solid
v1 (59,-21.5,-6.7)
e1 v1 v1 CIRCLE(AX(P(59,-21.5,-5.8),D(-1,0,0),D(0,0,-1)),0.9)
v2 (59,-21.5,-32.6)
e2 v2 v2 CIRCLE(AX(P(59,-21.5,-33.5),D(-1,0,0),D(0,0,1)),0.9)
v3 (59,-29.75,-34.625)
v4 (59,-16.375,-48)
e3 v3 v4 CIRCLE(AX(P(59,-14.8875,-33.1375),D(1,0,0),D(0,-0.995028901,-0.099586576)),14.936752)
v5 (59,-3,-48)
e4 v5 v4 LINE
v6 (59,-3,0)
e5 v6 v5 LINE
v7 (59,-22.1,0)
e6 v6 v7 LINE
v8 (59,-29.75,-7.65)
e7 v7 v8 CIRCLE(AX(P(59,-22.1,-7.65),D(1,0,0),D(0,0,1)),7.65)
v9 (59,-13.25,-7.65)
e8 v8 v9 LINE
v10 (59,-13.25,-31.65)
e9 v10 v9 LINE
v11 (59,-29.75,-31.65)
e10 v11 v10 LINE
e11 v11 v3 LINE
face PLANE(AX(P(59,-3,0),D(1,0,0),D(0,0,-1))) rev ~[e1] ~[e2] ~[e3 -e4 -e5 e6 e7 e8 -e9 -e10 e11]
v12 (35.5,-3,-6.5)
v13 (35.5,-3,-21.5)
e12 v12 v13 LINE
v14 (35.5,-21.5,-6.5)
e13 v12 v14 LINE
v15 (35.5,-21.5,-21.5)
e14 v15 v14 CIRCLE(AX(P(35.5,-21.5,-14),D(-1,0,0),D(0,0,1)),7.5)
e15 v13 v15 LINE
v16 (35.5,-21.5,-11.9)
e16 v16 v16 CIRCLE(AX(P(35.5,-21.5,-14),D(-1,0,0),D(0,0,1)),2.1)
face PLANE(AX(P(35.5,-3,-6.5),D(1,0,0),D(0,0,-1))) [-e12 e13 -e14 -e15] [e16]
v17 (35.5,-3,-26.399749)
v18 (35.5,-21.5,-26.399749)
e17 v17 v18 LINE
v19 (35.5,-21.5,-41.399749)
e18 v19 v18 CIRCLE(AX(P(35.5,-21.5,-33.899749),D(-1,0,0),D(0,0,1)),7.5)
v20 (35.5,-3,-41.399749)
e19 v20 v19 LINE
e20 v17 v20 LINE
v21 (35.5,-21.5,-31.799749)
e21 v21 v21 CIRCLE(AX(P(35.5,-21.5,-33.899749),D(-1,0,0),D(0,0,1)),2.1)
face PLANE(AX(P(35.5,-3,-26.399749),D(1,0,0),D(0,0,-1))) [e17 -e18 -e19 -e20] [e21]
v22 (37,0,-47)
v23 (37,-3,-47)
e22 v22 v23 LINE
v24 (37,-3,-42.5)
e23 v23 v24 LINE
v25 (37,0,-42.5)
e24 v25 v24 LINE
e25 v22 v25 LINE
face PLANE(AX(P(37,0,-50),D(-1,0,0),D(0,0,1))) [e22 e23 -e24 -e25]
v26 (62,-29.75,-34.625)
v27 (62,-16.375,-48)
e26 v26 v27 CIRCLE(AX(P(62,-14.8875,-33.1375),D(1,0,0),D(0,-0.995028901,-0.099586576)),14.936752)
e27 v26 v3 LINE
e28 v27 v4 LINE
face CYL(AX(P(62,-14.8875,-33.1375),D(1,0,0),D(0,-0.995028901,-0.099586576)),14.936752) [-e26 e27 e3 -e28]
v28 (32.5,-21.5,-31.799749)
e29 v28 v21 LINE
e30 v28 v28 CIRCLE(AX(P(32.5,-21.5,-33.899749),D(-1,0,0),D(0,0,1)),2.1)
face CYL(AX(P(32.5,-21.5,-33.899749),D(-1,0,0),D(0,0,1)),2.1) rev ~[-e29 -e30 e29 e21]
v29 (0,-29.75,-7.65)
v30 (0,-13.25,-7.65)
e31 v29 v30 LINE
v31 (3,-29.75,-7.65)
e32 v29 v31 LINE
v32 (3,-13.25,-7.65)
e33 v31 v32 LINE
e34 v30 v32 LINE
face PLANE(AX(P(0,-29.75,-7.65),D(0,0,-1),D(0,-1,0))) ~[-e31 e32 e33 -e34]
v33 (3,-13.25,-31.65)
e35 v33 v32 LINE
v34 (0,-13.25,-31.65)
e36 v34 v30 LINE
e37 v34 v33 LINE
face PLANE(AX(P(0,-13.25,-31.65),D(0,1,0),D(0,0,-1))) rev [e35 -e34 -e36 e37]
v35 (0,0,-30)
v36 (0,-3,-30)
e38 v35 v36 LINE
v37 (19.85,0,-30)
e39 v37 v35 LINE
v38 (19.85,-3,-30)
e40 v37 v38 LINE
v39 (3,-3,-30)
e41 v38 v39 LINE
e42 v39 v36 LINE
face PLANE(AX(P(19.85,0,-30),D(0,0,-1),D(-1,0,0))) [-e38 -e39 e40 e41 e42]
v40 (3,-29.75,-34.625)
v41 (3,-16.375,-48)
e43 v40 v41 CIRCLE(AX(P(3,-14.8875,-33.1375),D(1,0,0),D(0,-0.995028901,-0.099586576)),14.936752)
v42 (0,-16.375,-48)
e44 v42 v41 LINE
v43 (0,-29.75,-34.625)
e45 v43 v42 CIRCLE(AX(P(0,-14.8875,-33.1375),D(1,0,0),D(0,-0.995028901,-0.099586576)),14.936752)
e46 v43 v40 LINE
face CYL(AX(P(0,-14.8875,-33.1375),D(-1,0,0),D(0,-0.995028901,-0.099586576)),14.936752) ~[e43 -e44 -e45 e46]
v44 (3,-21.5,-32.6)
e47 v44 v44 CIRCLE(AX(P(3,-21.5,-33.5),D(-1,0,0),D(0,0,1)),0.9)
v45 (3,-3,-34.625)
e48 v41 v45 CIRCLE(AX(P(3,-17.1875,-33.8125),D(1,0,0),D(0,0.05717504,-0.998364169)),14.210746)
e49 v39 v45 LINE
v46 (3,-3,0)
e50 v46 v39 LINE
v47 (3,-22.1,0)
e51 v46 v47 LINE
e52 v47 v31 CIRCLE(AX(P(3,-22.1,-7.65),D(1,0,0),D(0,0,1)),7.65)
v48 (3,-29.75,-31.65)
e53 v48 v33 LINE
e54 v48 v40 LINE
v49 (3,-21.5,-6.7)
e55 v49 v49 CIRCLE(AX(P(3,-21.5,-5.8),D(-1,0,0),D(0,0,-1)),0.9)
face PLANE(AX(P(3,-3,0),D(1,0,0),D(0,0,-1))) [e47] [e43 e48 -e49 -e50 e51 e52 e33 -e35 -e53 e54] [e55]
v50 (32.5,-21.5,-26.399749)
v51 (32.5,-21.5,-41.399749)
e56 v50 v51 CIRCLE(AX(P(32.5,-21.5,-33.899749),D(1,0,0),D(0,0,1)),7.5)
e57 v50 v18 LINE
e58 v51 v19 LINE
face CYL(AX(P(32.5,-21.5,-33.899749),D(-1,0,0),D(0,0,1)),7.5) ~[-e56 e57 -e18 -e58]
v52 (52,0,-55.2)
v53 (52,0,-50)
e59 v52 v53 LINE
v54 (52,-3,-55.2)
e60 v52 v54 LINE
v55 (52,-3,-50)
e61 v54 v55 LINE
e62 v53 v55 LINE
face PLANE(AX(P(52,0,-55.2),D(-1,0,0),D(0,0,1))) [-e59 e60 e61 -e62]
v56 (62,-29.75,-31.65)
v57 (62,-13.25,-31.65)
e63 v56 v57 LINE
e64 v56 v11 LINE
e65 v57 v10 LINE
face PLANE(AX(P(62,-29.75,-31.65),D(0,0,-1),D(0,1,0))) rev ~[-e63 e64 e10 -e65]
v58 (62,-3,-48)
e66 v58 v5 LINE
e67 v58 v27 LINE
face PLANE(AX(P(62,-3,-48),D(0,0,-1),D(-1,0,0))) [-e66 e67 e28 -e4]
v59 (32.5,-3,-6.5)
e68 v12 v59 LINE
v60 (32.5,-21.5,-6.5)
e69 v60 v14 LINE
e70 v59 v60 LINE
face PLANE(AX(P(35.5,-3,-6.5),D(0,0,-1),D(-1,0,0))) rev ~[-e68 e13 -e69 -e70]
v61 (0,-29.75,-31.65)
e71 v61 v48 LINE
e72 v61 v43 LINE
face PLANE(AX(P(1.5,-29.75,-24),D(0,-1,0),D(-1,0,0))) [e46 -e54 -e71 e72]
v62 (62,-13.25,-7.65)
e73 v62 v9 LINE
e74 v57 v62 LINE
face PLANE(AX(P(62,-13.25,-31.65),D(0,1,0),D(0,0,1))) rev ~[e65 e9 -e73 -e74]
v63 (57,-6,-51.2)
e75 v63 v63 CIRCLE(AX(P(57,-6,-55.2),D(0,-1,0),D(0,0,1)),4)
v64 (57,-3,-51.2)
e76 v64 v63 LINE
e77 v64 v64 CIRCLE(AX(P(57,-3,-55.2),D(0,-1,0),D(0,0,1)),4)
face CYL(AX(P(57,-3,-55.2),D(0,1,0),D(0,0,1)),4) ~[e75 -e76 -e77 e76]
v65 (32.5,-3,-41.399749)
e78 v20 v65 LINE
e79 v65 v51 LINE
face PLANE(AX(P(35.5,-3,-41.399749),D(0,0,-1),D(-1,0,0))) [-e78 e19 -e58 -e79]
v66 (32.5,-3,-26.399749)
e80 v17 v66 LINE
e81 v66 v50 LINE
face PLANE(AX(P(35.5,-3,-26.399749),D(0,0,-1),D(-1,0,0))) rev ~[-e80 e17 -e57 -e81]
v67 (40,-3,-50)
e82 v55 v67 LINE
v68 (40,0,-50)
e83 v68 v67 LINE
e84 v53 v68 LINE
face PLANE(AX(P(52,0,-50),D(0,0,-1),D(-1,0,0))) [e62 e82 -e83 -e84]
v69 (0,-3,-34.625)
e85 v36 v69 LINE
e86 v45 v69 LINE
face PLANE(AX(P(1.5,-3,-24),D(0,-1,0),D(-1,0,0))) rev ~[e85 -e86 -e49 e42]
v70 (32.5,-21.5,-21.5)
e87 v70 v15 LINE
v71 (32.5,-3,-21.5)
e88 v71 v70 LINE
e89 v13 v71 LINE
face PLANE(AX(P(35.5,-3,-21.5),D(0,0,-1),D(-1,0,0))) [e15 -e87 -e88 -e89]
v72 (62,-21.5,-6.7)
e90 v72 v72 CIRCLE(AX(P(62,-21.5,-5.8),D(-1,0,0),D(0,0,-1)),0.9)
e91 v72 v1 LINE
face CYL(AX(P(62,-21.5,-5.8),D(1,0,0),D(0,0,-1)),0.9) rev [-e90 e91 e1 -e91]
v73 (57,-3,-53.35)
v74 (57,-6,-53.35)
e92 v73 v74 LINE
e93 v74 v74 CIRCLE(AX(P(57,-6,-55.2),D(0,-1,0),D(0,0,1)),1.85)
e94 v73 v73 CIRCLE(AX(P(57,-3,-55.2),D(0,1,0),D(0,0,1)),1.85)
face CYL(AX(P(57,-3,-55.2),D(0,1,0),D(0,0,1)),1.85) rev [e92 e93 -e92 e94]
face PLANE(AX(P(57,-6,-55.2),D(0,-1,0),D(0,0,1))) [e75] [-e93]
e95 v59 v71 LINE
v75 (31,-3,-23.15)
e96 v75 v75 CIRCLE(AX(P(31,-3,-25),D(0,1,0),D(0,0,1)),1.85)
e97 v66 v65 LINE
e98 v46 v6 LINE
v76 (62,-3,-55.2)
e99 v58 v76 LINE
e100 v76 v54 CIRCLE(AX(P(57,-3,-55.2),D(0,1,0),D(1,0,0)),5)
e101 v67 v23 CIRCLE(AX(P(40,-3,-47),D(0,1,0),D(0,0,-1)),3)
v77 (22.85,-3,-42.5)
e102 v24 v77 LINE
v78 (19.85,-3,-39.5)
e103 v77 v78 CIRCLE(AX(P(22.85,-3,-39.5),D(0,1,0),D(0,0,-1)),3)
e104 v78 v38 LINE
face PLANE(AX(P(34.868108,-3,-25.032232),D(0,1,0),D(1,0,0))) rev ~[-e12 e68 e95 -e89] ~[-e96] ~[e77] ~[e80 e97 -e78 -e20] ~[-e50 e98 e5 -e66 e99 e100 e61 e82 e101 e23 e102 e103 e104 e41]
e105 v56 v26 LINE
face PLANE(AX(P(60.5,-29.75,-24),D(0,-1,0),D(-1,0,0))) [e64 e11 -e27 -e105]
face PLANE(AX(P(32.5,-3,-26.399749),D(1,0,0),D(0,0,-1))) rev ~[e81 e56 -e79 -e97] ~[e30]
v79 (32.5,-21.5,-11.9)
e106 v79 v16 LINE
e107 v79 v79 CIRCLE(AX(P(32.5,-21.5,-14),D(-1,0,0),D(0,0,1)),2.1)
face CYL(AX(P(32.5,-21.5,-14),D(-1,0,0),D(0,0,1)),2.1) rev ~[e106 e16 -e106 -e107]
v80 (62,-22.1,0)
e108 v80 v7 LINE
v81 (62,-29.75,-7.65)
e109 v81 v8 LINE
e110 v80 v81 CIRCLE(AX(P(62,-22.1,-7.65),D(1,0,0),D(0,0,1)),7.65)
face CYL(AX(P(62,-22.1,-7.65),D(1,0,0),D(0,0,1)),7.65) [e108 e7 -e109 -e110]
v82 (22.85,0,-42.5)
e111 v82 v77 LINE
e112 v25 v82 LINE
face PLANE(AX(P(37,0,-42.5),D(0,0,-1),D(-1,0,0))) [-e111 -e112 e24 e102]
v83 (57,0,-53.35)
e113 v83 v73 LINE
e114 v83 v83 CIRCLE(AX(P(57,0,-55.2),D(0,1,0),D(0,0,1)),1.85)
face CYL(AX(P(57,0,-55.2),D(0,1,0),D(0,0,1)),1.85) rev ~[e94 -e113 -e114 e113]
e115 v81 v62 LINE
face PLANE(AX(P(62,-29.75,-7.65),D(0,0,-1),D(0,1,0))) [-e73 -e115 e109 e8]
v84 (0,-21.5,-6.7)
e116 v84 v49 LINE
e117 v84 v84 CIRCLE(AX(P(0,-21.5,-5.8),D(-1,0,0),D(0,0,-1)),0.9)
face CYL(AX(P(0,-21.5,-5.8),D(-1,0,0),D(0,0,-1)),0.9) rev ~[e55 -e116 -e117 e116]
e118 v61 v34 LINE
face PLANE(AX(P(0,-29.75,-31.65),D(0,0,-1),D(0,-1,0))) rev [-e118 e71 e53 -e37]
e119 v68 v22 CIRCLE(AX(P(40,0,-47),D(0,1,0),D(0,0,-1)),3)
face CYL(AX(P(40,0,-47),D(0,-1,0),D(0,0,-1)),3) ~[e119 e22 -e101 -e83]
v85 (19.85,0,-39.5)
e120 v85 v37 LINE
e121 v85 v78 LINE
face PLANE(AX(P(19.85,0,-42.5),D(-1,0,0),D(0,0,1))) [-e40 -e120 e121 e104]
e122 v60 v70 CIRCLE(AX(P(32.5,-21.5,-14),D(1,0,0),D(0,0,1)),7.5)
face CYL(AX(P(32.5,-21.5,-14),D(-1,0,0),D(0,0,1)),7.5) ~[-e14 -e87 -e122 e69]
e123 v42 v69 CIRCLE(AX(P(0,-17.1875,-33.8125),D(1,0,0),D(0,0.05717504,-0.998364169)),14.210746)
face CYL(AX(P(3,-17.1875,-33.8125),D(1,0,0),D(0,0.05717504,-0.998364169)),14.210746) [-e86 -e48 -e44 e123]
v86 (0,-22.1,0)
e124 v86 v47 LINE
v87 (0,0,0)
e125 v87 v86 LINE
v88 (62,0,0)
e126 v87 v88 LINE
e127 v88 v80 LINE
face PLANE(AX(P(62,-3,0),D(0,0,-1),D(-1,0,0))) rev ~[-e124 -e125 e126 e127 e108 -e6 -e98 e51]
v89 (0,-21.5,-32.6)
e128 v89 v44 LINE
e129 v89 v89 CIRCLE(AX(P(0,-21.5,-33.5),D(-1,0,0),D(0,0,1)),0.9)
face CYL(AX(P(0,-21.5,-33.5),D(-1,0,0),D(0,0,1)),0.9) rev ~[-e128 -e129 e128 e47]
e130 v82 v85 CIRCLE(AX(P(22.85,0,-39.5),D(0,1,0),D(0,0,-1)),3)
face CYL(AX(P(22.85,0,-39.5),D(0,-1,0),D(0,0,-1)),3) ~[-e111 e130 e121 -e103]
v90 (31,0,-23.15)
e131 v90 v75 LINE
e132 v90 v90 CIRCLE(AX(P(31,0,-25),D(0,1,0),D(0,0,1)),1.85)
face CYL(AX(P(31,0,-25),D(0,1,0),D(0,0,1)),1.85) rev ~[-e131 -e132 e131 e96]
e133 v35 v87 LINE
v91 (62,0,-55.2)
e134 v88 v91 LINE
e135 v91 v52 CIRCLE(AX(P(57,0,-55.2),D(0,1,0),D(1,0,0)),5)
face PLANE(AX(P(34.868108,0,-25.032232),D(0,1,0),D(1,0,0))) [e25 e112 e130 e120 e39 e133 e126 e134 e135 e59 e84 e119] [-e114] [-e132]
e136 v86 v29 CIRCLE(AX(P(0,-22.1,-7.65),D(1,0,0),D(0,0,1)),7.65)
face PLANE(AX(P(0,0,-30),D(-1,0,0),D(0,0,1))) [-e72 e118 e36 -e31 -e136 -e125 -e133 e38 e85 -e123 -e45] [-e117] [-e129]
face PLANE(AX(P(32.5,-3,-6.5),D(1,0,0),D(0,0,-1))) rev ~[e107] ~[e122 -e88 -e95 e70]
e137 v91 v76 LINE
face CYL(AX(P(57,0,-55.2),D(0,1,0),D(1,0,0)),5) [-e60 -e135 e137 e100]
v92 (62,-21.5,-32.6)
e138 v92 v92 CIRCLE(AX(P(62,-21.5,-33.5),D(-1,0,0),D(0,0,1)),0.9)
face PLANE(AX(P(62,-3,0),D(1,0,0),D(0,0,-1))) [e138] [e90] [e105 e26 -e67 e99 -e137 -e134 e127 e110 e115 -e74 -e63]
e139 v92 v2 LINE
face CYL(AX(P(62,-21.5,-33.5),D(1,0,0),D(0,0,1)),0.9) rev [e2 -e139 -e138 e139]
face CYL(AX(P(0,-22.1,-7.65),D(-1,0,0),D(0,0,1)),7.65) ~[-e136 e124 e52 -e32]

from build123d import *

# Parameters (mm, degrees)
SKETCH1_R               = 1.85
BOSS_EXTRUDE1_DEPTH     = 3
SKETCH2_W               = 3
SKETCH2_H               = 48
BOSS_EXTRUDE2_DEPTH     = 26.75
SKETCH4_W               = 24
SKETCH4_H               = 16.5
SKETCH4_R               = 0.9
CUT_EXTRUDE3_DEPTH      = 3
CUT_EXTRUDE4_DEPTH      = 92.395308961
CUT_EXTRUDE4_DEPTH_BACK = 3
SKETCH6_W               = 3
SKETCH6_H               = 15
BOSS_EXTRUDE3_DEPTH     = 26.75
CUT_EXTRUDE5_DEPTH      = 6
SKETCH8_R               = 2.1
CUT_EXTRUDE6_DEPTH      = 6
FILLET2_R               = 3
SKETCH10_R              = 4
SKETCH10_R_2            = 1.85
BOSS_EXTRUDE4_DEPTH     = 3


with BuildPart() as part:
    # Sketch1 → Boss-Extrude1 (new body)
    with BuildSketch(Plane(origin=(0, 0, 0), x_dir=(1, 0, 0), z_dir=(0, 1, 0))):
        with BuildLine():
            Line((52, 55.2), (52, 50))
            Line((52, 50), (37, 50))
            Line((37, 50), (37, 42.5))
            Line((37, 42.5), (19.85, 42.5))
            Line((19.85, 42.5), (19.85, 30))
            Line((19.85, 30), (0, 30))
            Line((0, 30), (0, 0))
            Line((0, 0), (62, 0))
            Line((62, 0), (62, 50))
            Line((62, 50), (62, 55.2))
            ThreePointArc((62, 55.2), (57, 60.2), (52, 55.2))
        make_face()
        with Locations(Location((31, 25, 0), (0, 0, 270))):
            Circle(SKETCH1_R, mode=Mode.SUBTRACT)
        with Locations(Location((57, 55.2, 0), (0, 0, 270))):
            Circle(SKETCH1_R, mode=Mode.SUBTRACT)
    extrude(amount=-BOSS_EXTRUDE1_DEPTH)

    # Sketch2 → Boss-Extrude2 (add)
    with BuildSketch(Plane(origin=(0, -3, 0), x_dir=(-1, 0, 0), z_dir=(0, -1, 0))):
        with Locations((-60.5, 24)):
            Rectangle(SKETCH2_W, SKETCH2_H)
        with Locations((-1.5, 24)):
            Rectangle(SKETCH2_W, SKETCH2_H)
    extrude(amount=BOSS_EXTRUDE2_DEPTH)

    # Sketch4 → Cut-Extrude3 (cut)
    with BuildSketch(Plane.ZY.offset(-62)):
        with BuildLine():
            Line((-48, -29.75), (-34.625, -29.75))
            ThreePointArc((-34.625, -29.75), (-43.69937868, -25.44937868), (-48, -16.375))
            Line((-48, -16.375), (-48, -29.75))
        make_face()
        with Locations((-19.65, -21.5)):
            Rectangle(SKETCH4_W, SKETCH4_H)
        with BuildLine():
            ThreePointArc((0, -22.1), (-2.240633124, -27.509366876), (-7.65, -29.75))
            Line((-7.65, -29.75), (0, -29.75))
            Line((0, -29.75), (0, -22.1))
        make_face()
        with Locations((-33.5, -21.5)):
            Circle(SKETCH4_R)
        with Locations(Location((-5.8, -21.5, 0), (0, 0, 180))):
            Circle(SKETCH4_R)
    cut_extrude3 = extrude(amount=CUT_EXTRUDE3_DEPTH, mode=Mode.SUBTRACT)

    # Mirror2: Cut-Extrude3 across plane
    add(cut_extrude3.mirror(Plane(origin=(31, 0, 0), x_dir=(0, 0, 1), z_dir=(1, 0, 0))), mode=Mode.SUBTRACT)

    # Sketch5 → Cut-Extrude4 (cut, two sides: drawn at the far end of the back side and taken through both)
    with BuildSketch(Plane.ZY.offset(-CUT_EXTRUDE4_DEPTH_BACK)):
        with BuildLine():
            Line((-48, -3), (-48, -16.375))
            ThreePointArc((-48, -16.375), (-43.861015127, -7.138984873), (-34.625, -3))
            Line((-34.625, -3), (-48, -3))
        make_face()
    extrude(amount=CUT_EXTRUDE4_DEPTH + CUT_EXTRUDE4_DEPTH_BACK, mode=Mode.SUBTRACT)

    # Sketch6 → Boss-Extrude3 (add)
    with BuildSketch(Plane(origin=(0, -3, 0), x_dir=(-1, 0, 0), z_dir=(0, -1, 0))):
        with Locations((-34, 33.899748742)):
            Rectangle(SKETCH6_W, SKETCH6_H)
        with Locations((-34, 14)):
            Rectangle(SKETCH6_W, SKETCH6_H)
    extrude(amount=BOSS_EXTRUDE3_DEPTH)

    # Sketch7 → Cut-Extrude5 (cut)
    with BuildSketch(Plane.ZY.offset(-32.5)):
        with BuildLine():
            Line((-6.5, -29.75), (-6.5, -21.5))
            ThreePointArc((-6.5, -21.5), (-14, -29), (-21.5, -21.5))
            Line((-21.5, -21.5), (-21.5, -29.75))
            Line((-21.5, -29.75), (-6.5, -29.75))
        make_face()
        with BuildLine():
            ThreePointArc((-16.1, -21.5), (-14, -23.6), (-11.9, -21.5))
            Line((-11.9, -21.5), (-16.1, -21.5))
        make_face()
        with BuildLine():
            Line((-16.1, -21.5), (-11.9, -21.5))
            ThreePointArc((-11.9, -21.5), (-14, -19.4), (-16.1, -21.5))
        make_face()
    extrude(amount=-CUT_EXTRUDE5_DEPTH, mode=Mode.SUBTRACT)

    # Sketch8 → Cut-Extrude6 (cut)
    with BuildSketch(Plane.ZY.offset(-32.5)):
        with Locations((-33.899748742, -21.5)):
            Circle(SKETCH8_R)
        with BuildLine():
            ThreePointArc((-26.399748742, -21.5), (-33.899748742, -29), (-41.399748742, -21.5))
            Line((-41.399748742, -21.5), (-41.399748742, -29.75))
            Line((-41.399748742, -29.75), (-26.399748742, -29.75))
            Line((-26.399748742, -29.75), (-26.399748742, -21.5))
        make_face()
    extrude(amount=-CUT_EXTRUDE6_DEPTH, mode=Mode.SUBTRACT)

    # Fillet2
    fillet2_edges = [part.edges().sort_by_distance(p)[0] for p in [
        (19.85, -1.5, -42.5),
        (37, -1.5, -50),
    ]]
    fillet(fillet2_edges, radius=FILLET2_R)

    # Sketch10 → Boss-Extrude4 (add)
    with BuildSketch(Plane.XZ.offset(3)):
        with Locations(Location((57, -55.2, 0), (0, 0, 90))):
            Circle(SKETCH10_R)
        with Locations(Location((57, -55.2, 0), (0, 0, 90))):
            Circle(SKETCH10_R_2, mode=Mode.SUBTRACT)
    extrude(amount=BOSS_EXTRUDE4_DEPTH)


solid = part.part
